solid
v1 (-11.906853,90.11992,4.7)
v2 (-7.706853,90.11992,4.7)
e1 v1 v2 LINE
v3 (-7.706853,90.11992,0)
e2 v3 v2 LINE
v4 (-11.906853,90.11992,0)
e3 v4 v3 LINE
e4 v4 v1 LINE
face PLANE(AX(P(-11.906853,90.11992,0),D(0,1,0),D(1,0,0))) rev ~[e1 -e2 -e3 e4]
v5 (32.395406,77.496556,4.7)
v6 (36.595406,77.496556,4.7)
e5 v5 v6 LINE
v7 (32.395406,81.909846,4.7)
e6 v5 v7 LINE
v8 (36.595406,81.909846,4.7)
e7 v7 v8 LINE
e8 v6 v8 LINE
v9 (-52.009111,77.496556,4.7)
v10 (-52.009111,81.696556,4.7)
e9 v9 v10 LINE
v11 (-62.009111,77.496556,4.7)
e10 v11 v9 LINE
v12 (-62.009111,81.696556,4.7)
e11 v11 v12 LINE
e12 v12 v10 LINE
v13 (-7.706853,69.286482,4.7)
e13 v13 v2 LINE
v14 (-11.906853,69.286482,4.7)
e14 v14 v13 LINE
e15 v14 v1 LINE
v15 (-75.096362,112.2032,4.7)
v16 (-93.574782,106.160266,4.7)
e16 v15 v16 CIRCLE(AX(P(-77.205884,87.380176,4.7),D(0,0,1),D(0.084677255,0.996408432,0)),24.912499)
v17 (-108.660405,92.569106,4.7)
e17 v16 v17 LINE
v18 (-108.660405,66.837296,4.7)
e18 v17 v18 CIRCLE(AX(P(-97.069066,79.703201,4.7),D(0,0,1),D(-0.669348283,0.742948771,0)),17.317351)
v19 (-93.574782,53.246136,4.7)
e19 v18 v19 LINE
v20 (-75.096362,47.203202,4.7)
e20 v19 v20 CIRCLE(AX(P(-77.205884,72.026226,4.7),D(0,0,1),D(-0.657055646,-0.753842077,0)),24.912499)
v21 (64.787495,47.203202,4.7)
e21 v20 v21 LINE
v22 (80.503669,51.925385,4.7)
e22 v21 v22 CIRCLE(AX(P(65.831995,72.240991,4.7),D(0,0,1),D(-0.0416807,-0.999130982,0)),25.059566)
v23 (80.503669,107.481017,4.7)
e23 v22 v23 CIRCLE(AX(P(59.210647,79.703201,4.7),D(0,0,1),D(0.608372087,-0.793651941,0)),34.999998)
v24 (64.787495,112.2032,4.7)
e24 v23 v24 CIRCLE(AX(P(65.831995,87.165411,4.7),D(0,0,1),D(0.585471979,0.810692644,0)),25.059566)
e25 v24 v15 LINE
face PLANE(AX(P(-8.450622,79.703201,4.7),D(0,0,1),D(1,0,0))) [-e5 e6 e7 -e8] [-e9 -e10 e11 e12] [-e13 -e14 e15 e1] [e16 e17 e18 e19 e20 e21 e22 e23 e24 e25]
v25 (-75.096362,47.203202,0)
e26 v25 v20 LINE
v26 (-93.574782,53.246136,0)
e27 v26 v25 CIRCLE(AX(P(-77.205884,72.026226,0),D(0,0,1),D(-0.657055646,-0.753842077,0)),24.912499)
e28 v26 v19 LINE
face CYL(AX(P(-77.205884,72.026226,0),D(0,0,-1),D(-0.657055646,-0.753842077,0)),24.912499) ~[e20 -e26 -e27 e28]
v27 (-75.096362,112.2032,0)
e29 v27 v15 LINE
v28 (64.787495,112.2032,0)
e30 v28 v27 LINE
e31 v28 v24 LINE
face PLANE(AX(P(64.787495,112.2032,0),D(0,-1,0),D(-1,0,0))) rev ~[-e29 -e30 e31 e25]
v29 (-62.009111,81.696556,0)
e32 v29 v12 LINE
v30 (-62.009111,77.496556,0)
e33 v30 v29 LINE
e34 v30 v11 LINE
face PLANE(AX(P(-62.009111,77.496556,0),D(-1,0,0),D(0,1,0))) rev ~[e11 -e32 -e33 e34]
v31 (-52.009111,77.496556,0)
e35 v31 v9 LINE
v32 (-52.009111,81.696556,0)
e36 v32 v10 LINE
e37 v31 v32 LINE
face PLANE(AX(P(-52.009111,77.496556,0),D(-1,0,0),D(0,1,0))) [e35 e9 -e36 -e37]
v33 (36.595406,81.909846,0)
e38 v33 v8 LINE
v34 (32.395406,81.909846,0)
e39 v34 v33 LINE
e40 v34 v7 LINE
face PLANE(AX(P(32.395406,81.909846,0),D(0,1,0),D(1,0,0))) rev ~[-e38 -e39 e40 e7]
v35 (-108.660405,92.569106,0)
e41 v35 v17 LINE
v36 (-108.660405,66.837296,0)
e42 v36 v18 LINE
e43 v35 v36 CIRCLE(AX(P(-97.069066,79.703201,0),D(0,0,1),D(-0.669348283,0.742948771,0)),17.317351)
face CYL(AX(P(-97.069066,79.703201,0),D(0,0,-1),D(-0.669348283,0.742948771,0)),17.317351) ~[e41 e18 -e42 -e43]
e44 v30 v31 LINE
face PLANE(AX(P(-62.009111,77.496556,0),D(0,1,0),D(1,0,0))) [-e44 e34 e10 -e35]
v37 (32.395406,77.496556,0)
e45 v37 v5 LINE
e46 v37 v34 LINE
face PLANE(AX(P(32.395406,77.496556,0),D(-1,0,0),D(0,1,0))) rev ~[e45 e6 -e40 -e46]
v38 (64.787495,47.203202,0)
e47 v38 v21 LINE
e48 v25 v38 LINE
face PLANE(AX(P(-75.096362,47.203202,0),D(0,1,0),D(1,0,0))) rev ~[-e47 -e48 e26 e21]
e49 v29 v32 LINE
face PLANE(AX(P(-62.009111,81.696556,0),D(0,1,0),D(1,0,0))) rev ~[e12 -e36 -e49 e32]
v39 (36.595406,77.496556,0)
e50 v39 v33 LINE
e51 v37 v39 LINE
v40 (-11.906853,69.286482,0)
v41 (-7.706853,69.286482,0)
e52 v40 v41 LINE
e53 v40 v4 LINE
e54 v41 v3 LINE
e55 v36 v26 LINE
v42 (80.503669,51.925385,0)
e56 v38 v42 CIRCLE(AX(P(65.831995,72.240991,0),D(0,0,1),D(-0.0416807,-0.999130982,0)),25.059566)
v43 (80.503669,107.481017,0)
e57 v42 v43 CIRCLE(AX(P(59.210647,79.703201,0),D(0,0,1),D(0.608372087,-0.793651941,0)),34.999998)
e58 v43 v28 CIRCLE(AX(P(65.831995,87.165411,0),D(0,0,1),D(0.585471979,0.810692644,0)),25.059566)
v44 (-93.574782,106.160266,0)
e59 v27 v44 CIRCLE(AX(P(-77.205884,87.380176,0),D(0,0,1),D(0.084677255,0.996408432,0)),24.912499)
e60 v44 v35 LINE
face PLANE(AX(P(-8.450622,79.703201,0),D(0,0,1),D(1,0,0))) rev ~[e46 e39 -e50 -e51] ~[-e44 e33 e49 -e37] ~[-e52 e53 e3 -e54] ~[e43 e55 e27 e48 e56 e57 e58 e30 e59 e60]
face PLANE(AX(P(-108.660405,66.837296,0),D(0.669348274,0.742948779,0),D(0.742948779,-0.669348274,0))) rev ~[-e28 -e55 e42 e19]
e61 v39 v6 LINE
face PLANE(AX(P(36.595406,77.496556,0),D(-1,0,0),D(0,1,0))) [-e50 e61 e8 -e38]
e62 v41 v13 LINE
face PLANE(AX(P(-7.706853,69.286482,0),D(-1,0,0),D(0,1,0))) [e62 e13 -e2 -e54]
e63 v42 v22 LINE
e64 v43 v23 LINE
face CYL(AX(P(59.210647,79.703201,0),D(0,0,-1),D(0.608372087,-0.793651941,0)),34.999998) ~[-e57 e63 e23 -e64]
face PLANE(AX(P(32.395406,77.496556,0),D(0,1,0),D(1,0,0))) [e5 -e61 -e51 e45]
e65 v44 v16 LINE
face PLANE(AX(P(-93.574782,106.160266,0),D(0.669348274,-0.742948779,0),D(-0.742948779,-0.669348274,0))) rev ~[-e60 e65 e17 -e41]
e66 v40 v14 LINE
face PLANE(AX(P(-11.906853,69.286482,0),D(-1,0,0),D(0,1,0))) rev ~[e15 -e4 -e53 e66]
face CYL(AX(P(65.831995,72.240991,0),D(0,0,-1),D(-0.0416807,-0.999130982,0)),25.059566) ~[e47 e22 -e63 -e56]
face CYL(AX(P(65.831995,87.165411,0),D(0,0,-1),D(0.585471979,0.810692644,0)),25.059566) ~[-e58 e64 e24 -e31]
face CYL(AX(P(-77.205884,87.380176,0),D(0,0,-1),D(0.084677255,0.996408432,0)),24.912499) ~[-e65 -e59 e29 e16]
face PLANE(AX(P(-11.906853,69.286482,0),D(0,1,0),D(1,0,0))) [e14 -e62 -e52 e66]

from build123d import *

# Parameters (mm, degrees)
F0_W     = 10
F0_H     = 4.2
F0_W_2   = 4.2
F0_H_2   = 20.833438
F0_H_3   = 4.41329
F1_DEPTH = 4.7


with BuildPart() as f1:
    # F0 (on Top) → F1 (new body)
    with BuildSketch(Plane.XY):
        with BuildLine():
            Line((64.787495, 112.2032), (-75.096362, 112.2032))
            ThreePointArc((-75.096362, 112.2032), (-84.949379, 111.058666), (-93.574782, 106.160266))
            Line((-93.574782, 106.160266), (-108.660405, 92.569106))
            ThreePointArc((-108.660405, 92.569106), (-114.386417, 79.703201), (-108.660405, 66.837296))
            Line((-108.660405, 66.837296), (-93.574782, 53.246136))
            ThreePointArc((-93.574782, 53.246136), (-84.949379, 48.347736), (-75.096362, 47.203202))
            Line((-75.096362, 47.203202), (64.787495, 47.203202))
            ThreePointArc((64.787495, 47.203202), (73.043078, 48.241363), (80.503669, 51.925385))
            ThreePointArc((80.503669, 51.925385), (94.210645, 79.703201), (80.503669, 107.481017))
            ThreePointArc((80.503669, 107.481017), (73.043078, 111.165039), (64.787495, 112.2032))
        make_face()
        with Locations((-57.009111, 79.596556)):
            Rectangle(F0_W, F0_H, mode=Mode.SUBTRACT)
        with Locations((-9.806853, 79.703201)):
            Rectangle(F0_W_2, F0_H_2, mode=Mode.SUBTRACT)
        with Locations((34.495406, 79.703201)):
            Rectangle(F0_W_2, F0_H_3, mode=Mode.SUBTRACT)
    extrude(amount=F1_DEPTH)


solid = f1.part
